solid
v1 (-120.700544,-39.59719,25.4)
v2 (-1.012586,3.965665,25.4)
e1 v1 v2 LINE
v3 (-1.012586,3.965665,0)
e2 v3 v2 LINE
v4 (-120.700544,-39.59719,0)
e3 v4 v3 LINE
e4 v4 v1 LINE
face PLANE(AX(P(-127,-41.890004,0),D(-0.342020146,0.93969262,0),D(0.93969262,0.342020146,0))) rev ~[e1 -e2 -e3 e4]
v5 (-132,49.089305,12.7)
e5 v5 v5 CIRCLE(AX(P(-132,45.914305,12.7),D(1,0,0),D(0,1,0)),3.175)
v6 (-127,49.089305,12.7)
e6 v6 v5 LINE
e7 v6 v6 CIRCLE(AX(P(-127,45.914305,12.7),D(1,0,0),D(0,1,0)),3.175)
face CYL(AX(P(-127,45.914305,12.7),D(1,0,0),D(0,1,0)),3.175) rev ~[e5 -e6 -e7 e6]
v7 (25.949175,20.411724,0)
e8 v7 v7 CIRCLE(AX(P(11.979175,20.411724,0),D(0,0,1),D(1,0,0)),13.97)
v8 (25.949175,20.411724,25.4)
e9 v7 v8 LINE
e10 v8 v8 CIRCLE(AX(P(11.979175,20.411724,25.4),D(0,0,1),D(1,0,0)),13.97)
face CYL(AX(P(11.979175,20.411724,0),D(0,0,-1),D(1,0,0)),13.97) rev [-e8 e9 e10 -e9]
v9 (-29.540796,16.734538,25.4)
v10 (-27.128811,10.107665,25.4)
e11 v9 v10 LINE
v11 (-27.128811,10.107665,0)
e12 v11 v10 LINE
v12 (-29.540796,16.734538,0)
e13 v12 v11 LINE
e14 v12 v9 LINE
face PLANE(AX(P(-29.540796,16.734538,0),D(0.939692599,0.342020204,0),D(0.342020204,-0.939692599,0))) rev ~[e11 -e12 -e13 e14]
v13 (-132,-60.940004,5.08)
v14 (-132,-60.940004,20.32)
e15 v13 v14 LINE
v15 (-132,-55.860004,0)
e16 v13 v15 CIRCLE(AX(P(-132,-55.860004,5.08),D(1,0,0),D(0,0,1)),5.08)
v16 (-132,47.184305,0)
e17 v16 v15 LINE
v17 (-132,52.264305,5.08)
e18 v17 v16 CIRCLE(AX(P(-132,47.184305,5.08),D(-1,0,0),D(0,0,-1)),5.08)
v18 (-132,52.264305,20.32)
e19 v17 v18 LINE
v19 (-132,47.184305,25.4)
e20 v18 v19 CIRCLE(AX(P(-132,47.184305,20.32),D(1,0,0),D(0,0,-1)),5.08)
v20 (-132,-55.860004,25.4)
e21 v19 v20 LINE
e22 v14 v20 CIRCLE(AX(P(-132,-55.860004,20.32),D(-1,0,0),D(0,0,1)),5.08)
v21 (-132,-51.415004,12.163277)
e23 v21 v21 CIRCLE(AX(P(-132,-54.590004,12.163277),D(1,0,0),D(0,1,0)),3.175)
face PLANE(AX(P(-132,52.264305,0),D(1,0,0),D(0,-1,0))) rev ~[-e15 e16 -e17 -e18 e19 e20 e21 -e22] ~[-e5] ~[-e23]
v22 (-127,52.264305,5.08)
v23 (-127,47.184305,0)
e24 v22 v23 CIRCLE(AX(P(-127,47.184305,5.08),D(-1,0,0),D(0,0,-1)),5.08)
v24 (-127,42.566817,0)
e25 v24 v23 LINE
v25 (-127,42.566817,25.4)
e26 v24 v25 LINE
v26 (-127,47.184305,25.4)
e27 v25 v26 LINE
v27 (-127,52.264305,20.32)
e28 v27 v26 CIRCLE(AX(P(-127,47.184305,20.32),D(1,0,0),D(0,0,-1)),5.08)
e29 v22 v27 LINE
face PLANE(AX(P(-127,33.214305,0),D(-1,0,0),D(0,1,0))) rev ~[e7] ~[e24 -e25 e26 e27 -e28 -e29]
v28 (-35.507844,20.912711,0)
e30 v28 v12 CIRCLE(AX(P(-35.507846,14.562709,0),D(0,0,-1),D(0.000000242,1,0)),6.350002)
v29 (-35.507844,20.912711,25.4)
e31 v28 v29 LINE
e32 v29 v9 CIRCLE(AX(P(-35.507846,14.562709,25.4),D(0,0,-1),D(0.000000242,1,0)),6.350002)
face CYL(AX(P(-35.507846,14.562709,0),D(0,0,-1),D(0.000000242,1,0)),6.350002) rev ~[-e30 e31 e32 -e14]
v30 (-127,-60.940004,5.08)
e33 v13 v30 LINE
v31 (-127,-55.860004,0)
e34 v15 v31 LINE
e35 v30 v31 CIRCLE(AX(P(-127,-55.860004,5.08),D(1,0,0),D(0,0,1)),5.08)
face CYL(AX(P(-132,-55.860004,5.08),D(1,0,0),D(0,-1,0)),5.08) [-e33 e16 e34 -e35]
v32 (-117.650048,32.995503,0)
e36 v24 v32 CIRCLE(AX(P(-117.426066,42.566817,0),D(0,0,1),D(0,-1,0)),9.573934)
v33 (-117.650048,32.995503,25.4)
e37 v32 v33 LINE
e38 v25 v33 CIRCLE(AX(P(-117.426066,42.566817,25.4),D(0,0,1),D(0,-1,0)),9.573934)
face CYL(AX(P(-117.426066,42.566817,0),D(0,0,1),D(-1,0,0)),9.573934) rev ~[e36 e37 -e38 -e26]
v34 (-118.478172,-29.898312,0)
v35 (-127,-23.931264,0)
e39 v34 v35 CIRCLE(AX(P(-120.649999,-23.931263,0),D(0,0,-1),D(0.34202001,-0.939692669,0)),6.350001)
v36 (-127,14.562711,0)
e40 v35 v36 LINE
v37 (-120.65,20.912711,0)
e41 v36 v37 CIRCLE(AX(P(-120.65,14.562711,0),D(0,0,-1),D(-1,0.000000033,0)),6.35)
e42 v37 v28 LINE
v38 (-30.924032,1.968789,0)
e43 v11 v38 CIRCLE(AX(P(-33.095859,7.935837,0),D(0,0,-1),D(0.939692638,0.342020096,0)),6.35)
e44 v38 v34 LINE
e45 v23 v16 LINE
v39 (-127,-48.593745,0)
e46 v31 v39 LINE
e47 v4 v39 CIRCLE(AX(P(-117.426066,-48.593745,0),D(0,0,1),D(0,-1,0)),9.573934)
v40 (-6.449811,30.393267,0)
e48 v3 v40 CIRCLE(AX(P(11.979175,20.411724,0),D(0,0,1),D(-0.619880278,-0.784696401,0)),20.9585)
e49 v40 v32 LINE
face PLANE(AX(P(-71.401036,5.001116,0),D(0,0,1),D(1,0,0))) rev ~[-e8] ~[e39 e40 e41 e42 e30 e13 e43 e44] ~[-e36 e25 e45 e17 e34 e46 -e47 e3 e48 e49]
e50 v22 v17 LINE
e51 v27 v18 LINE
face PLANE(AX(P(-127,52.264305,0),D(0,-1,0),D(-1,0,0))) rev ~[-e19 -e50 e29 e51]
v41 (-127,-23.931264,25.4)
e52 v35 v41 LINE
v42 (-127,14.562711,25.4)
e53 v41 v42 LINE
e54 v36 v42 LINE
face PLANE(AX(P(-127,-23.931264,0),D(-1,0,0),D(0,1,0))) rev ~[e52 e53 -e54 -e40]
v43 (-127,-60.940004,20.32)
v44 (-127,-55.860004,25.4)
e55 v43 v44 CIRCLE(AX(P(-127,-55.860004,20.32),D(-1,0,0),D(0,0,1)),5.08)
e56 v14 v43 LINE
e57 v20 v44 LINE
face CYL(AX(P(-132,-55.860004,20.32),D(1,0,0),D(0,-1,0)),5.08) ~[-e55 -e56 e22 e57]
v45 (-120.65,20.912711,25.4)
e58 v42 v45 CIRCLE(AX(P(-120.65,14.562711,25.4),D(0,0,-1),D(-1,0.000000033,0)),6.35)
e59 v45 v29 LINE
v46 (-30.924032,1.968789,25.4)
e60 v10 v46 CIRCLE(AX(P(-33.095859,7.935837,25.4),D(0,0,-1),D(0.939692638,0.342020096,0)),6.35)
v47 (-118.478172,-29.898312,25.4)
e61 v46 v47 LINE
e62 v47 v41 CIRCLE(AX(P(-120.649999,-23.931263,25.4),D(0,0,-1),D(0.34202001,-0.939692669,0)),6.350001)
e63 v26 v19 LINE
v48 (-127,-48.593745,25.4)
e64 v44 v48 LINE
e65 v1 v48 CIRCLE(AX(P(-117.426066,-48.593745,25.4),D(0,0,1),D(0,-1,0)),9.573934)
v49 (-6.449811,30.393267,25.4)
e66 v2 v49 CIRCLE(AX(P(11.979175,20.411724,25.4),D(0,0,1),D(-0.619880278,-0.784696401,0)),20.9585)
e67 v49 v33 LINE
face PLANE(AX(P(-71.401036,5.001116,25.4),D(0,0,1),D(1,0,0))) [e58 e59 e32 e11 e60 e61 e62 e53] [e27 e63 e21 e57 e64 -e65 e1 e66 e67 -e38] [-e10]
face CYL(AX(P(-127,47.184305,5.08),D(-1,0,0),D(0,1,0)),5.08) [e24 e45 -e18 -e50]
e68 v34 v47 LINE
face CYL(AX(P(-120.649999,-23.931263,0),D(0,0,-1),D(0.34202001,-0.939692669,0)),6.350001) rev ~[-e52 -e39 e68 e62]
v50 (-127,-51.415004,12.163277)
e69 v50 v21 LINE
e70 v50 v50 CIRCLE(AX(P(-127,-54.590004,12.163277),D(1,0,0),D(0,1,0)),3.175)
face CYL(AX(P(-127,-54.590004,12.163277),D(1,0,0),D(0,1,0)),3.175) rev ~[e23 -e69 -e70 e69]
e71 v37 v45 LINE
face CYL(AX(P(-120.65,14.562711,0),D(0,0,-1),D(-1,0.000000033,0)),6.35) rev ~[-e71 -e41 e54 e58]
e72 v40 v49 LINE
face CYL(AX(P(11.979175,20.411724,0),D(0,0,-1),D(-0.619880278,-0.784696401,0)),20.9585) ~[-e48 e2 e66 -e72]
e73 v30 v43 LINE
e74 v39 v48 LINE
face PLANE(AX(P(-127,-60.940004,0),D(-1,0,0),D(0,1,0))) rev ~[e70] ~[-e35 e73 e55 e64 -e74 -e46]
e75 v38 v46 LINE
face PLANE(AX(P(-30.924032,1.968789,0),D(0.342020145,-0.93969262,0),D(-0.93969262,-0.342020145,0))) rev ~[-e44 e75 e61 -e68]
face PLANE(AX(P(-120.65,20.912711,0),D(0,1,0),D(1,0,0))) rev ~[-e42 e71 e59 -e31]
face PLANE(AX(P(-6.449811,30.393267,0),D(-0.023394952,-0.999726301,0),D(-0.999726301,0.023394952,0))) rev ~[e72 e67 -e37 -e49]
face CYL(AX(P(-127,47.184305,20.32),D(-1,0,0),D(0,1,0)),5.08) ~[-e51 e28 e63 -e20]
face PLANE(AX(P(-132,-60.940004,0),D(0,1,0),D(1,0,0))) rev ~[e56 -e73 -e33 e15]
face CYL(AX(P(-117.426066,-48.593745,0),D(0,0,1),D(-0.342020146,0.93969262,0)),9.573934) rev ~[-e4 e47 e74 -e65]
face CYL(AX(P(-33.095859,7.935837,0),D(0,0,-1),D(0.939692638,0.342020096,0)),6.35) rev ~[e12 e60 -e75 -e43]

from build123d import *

# Parameters (mm, degrees)
F0_R     = 13.97
F1_DEPTH = 25.4
F2_R     = 5.08
F3_R     = 3.175
F4_DEPTH = 5.001
F5_R     = 9.573934


with BuildPart() as f1:
    # F0 (on Top) → F1 (new body)
    with BuildSketch(Plane.XY):
        with BuildLine():
            Line((-127, 52.264305), (-132, 52.264305))
            Line((-132, 52.264305), (-132, -60.940004))
            Line((-132, -60.940004), (-127, -60.940004))
            Line((-127, -60.940004), (-127, -41.890004))
            Line((-127, -41.890004), (-1.012586, 3.965665))
            ThreePointArc((-1.012586, 3.965665), (32.5077, 24.635271), (-6.449811, 30.393267))
            Line((-6.449811, 30.393267), (-127, 33.214305))
            Line((-127, 33.214305), (-127, 52.264305))
        make_face()
        with BuildLine():
            Line((-127, -23.931264), (-127, 14.562711))
            ThreePointArc((-127, 14.562711), (-125.140128, 19.052839), (-120.65, 20.912711))
            Line((-120.65, 20.912711), (-35.507844, 20.912711))
            ThreePointArc((-35.507844, 20.912711), (-31.865634, 19.764326), (-29.540796, 16.734538))
            Line((-29.540796, 16.734538), (-27.128811, 10.107665))
            ThreePointArc((-27.128811, 10.107665), (-27.340805, 5.252211), (-30.924032, 1.968789))
            Line((-30.924032, 1.968789), (-118.478172, -29.898312))
            ThreePointArc((-118.478172, -29.898312), (-124.29221, -29.132879), (-127, -23.931264))
        make_face(mode=Mode.SUBTRACT)
        with Locations((11.979175, 20.411724)):
            Circle(F0_R, mode=Mode.SUBTRACT)
    extrude(amount=F1_DEPTH)

    # F2
    f2_edges = [f1.edges().sort_by_distance(p)[0] for p in [
        (-129.5, 52.264305, 25.4),
        (-129.5, 52.264305, 0),
        (-129.5, -60.940004, 0),
        (-129.5, -60.940004, 25.4),
    ]]
    fillet(f2_edges, radius=F2_R)

    # F3 (on face) → F4 (cut, through all)
    with BuildSketch(Plane.YZ.offset(-127)):
        with Locations((45.914305, 12.7)):
            Circle(F3_R)
        with Locations((-54.590004, 12.163277)):
            Circle(F3_R)
    extrude(amount=-F4_DEPTH, mode=Mode.SUBTRACT)

    # F5
    f5_edges = [f1.edges().sort_by_distance(p)[0] for p in [
        (-127, -41.890004, 12.7),
        (-127, 33.214305, 12.7),
    ]]
    fillet(f5_edges, radius=F5_R)


solid = f1.part
